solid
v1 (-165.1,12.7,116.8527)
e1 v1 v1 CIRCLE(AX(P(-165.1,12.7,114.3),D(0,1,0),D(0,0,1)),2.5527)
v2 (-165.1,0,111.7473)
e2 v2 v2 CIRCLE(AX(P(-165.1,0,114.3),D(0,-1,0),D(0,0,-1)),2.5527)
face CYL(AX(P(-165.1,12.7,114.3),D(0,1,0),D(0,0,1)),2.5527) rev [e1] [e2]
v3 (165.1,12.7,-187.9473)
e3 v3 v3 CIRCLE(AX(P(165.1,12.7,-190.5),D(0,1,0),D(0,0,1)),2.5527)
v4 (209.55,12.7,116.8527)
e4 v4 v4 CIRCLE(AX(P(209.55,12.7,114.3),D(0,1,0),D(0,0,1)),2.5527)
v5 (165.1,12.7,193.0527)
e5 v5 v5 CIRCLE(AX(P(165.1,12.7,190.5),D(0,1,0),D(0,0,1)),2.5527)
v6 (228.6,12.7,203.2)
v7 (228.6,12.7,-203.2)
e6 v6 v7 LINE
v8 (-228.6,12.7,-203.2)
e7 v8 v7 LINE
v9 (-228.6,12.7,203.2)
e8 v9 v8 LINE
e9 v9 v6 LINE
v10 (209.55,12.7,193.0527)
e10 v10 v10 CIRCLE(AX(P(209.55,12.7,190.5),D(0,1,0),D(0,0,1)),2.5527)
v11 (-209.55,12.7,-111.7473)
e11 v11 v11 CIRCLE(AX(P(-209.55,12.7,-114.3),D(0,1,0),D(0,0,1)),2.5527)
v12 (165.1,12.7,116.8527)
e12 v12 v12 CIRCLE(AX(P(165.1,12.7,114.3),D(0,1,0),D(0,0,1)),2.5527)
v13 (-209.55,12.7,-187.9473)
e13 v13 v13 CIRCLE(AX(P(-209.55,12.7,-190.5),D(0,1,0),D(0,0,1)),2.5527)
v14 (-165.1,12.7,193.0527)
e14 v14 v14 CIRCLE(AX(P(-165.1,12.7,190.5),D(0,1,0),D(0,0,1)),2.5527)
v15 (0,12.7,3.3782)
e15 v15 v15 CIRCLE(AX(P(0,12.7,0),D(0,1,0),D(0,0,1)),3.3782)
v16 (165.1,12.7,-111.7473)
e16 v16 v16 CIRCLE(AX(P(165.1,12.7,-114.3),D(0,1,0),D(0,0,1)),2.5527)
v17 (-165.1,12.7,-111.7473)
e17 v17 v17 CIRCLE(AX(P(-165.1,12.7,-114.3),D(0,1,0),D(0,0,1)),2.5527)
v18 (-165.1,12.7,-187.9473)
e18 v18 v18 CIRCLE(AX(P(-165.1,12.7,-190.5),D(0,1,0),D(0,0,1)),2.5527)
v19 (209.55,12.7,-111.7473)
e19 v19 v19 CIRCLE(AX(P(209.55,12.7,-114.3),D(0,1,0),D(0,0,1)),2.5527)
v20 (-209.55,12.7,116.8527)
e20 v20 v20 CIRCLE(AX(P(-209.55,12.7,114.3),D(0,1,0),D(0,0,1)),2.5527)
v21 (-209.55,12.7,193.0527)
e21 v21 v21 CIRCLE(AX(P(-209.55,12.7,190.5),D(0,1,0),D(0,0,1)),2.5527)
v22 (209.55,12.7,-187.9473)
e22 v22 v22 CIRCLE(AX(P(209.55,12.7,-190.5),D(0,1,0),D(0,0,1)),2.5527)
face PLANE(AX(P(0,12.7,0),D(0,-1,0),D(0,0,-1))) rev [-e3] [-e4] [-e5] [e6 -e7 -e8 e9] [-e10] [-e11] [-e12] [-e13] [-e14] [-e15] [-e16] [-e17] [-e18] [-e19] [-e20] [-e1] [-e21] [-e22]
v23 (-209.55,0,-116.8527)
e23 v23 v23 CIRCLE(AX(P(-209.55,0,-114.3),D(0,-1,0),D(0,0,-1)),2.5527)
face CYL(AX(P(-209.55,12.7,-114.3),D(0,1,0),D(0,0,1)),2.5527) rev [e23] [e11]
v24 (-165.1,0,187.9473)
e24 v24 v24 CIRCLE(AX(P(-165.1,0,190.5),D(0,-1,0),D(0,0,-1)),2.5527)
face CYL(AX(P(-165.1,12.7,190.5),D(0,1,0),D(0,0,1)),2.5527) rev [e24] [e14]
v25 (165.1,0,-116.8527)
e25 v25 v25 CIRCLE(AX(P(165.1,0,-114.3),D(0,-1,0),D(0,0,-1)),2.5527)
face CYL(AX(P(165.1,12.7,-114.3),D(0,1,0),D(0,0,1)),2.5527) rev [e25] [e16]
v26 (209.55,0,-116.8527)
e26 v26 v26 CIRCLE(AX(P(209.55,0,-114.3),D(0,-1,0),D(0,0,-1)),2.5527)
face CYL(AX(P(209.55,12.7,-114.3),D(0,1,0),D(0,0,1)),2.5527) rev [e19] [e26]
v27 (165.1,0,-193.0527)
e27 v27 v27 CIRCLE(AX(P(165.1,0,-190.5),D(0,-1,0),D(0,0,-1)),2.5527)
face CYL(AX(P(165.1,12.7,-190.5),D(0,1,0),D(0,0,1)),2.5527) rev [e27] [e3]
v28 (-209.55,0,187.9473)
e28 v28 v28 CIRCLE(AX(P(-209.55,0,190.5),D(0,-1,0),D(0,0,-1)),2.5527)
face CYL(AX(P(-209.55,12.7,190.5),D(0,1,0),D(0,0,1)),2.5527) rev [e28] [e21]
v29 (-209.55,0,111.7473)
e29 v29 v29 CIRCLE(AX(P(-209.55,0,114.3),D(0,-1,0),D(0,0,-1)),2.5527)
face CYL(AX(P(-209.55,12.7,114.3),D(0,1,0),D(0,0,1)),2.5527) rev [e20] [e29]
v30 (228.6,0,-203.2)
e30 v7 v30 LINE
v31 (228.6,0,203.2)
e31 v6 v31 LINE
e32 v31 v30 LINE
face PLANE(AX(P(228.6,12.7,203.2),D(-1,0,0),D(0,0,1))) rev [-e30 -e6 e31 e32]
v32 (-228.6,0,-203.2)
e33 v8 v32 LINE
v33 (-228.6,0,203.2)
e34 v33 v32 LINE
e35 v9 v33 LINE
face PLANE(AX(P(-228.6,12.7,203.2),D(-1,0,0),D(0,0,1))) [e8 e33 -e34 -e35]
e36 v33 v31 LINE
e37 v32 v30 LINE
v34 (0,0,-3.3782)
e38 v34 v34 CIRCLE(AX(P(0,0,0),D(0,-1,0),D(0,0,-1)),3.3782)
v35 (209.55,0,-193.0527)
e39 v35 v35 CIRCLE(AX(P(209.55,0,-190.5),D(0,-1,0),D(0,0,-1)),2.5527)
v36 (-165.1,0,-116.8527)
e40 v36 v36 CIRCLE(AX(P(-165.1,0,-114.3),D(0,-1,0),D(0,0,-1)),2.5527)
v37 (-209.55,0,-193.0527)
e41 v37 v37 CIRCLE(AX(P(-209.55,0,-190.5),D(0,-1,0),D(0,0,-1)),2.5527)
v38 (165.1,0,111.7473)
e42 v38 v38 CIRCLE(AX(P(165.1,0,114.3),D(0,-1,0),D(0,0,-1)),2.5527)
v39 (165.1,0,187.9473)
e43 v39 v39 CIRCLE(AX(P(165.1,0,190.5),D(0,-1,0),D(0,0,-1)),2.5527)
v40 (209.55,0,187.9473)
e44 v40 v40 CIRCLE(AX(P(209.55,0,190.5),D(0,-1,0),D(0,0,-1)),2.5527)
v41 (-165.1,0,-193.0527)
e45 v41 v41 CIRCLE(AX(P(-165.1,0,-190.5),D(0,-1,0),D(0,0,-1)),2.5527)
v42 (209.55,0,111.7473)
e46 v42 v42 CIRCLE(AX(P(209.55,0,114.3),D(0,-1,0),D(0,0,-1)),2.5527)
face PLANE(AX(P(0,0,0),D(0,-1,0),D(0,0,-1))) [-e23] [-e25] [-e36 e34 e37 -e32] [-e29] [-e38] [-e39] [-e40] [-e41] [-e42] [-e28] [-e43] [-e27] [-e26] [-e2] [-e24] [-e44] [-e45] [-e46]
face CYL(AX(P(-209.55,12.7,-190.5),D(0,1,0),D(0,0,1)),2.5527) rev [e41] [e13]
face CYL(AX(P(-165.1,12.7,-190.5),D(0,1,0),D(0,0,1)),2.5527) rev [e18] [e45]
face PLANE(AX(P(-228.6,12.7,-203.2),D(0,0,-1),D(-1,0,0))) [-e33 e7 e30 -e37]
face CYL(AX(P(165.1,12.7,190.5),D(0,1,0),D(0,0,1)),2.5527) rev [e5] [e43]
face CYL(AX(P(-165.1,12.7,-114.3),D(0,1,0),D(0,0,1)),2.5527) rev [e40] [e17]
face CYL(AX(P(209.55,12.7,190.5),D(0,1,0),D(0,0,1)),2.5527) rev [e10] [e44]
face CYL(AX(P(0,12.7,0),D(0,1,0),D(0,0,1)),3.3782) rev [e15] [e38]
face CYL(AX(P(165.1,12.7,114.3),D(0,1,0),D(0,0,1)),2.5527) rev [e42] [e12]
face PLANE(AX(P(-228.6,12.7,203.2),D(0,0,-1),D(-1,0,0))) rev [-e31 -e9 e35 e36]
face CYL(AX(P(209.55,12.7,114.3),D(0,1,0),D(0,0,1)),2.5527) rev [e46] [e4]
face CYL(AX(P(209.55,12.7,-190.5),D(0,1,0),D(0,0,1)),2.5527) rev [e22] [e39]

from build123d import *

# Parameters (mm, degrees)
SKETCH1_W                        = 457.2
SKETCH1_H                        = 406.4
BOSS_EXTRUDE1_DEPTH              = 12.7
F_1_4_20_TAPPED_HOLE1_AT_2_COUNT = 2
F_1_4_20_TAPPED_HOLE1_AT_2_PITCH = 76.2
F_1_4_20_TAPPED_HOLE1_AT_3_COUNT = 2
F_1_4_20_TAPPED_HOLE1_AT_3_PITCH = 88.217019333
F_1_4_20_TAPPED_HOLE1_AT_4_COUNT = 2
F_1_4_20_TAPPED_HOLE1_AT_4_PITCH = 44.45
F_1_4_CLEARANCE_HOLE1_D          = 6.7564


with BuildPart() as part:
    # Sketch1 → Boss-Extrude1 (new body)
    with BuildSketch(Plane(origin=(0, 0, 0), x_dir=(1, 0, 0), z_dir=(0, 1, 0))):
        Rectangle(SKETCH1_W, SKETCH1_H)
    extrude(amount=BOSS_EXTRUDE1_DEPTH)

    # Sketch4 → 1/4-20 Tapped Hole1 (revolve, cut)
    with BuildSketch(Plane(origin=(-209.55, 12.7, 190.5), x_dir=(0, 0, 1), z_dir=(1, 0, 0))):
        Polygon((0, 0), (0, 18.043816902), (2.5527, 16.51), (2.5527, 0), align=None)
    f_1_4_20_tapped_hole1 = revolve(axis=Axis((-209.55, 19.05, 190.5), (0, -1, 0)), mode=Mode.SUBTRACT)

    # 1/4-20 Tapped Hole1 at 2: 1/4-20 Tapped Hole1 ×2
    with Locations(*[(0, 0, -i * F_1_4_20_TAPPED_HOLE1_AT_2_PITCH) for i in range(1, F_1_4_20_TAPPED_HOLE1_AT_2_COUNT)]):
        add(f_1_4_20_tapped_hole1, mode=Mode.SUBTRACT)

    # 1/4-20 Tapped Hole1 at 3: 1/4-20 Tapped Hole1 ×2
    with Locations(*[Vector(0.5038710255240861, 0, -0.8637789008984336) * (i * F_1_4_20_TAPPED_HOLE1_AT_3_PITCH) for i in range(1, F_1_4_20_TAPPED_HOLE1_AT_3_COUNT)]):
        add(f_1_4_20_tapped_hole1, mode=Mode.SUBTRACT)

    # 1/4-20 Tapped Hole1 at 4: 1/4-20 Tapped Hole1 ×2
    with Locations(*[(i * F_1_4_20_TAPPED_HOLE1_AT_4_PITCH, 0, 0) for i in range(1, F_1_4_20_TAPPED_HOLE1_AT_4_COUNT)]):
        add(f_1_4_20_tapped_hole1, mode=Mode.SUBTRACT)

    # Mirror1: 1/4-20 Tapped Hole1 across plane
    add(f_1_4_20_tapped_hole1.mirror(Plane(origin=(0, 0, 0), x_dir=(0, 0, 1), z_dir=(1, 0, 0))), mode=Mode.SUBTRACT)

    # Mirror1 copy 1 sketch → Mirror1 copy 1 (revolve, cut)
    with BuildSketch(Plane(origin=(209.55, 12.7, 114.3), x_dir=(0, 0, 1), z_dir=(-1, 0, 0))):
        Polygon((0, 0), (0, -18.043816902), (2.5527, -16.51), (2.5527, 0), align=None)
    revolve(axis=Axis((209.55, 19.05, 114.3), (0, 1, 0)), mode=Mode.SUBTRACT)

    # Mirror1 copy 2 sketch → Mirror1 copy 2 (revolve, cut)
    with BuildSketch(Plane(origin=(165.1, 12.7, 114.3), x_dir=(0, 0, 1), z_dir=(-1, 0, 0))):
        Polygon((0, 0), (0, -18.043816902), (2.5527, -16.51), (2.5527, 0), align=None)
    revolve(axis=Axis((165.1, 19.05, 114.3), (0, 1, 0)), mode=Mode.SUBTRACT)

    # Mirror1 copy 3 sketch → Mirror1 copy 3 (revolve, cut)
    with BuildSketch(Plane(origin=(165.1, 12.7, 190.5), x_dir=(0, 0, 1), z_dir=(-1, 0, 0))):
        Polygon((0, 0), (0, -18.043816902), (2.5527, -16.51), (2.5527, 0), align=None)
    revolve(axis=Axis((165.1, 19.05, 190.5), (0, 1, 0)), mode=Mode.SUBTRACT)

    # Mirror2: 1/4-20 Tapped Hole1 across plane
    add(f_1_4_20_tapped_hole1.mirror(Plane.XY), mode=Mode.SUBTRACT)

    # Mirror2 copy 1 sketch → Mirror2 copy 1 (revolve, cut)
    with BuildSketch(Plane(origin=(-209.55, 12.7, -114.3), x_dir=(0, 0, -1), z_dir=(1, 0, 0))):
        Polygon((0, 0), (0, -18.043816902), (2.5527, -16.51), (2.5527, 0), align=None)
    revolve(axis=Axis((-209.55, 19.05, -114.3), (0, 1, 0)), mode=Mode.SUBTRACT)

    # Mirror2 copy 2 sketch → Mirror2 copy 2 (revolve, cut)
    with BuildSketch(Plane(origin=(-165.1, 12.7, -114.3), x_dir=(0, 0, -1), z_dir=(1, 0, 0))):
        Polygon((0, 0), (0, -18.043816902), (2.5527, -16.51), (2.5527, 0), align=None)
    revolve(axis=Axis((-165.1, 19.05, -114.3), (0, 1, 0)), mode=Mode.SUBTRACT)

    # Mirror2 copy 3 sketch → Mirror2 copy 3 (revolve, cut)
    with BuildSketch(Plane(origin=(-165.1, 12.7, -190.5), x_dir=(0, 0, -1), z_dir=(1, 0, 0))):
        Polygon((0, 0), (0, -18.043816902), (2.5527, -16.51), (2.5527, 0), align=None)
    revolve(axis=Axis((-165.1, 19.05, -190.5), (0, 1, 0)), mode=Mode.SUBTRACT)

    # Mirror2 copy 4 sketch → Mirror2 copy 4 (revolve, cut)
    with BuildSketch(Plane(origin=(209.55, 12.7, -190.5), x_dir=(0, 0, -1), z_dir=(-1, 0, 0))):
        Polygon((0, 0), (0, 18.043816902), (2.5527, 16.51), (2.5527, 0), align=None)
    revolve(axis=Axis((209.55, 19.05, -190.5), (0, -1, 0)), mode=Mode.SUBTRACT)

    # Mirror2 copy 5 sketch → Mirror2 copy 5 (revolve, cut)
    with BuildSketch(Plane(origin=(209.55, 12.7, -114.3), x_dir=(0, 0, -1), z_dir=(-1, 0, 0))):
        Polygon((0, 0), (0, 18.043816902), (2.5527, 16.51), (2.5527, 0), align=None)
    revolve(axis=Axis((209.55, 19.05, -114.3), (0, -1, 0)), mode=Mode.SUBTRACT)

    # Mirror2 copy 6 sketch → Mirror2 copy 6 (revolve, cut)
    with BuildSketch(Plane(origin=(165.1, 12.7, -114.3), x_dir=(0, 0, -1), z_dir=(-1, 0, 0))):
        Polygon((0, 0), (0, 18.043816902), (2.5527, 16.51), (2.5527, 0), align=None)
    revolve(axis=Axis((165.1, 19.05, -114.3), (0, -1, 0)), mode=Mode.SUBTRACT)

    # Mirror2 copy 7 sketch → Mirror2 copy 7 (revolve, cut)
    with BuildSketch(Plane(origin=(165.1, 12.7, -190.5), x_dir=(0, 0, -1), z_dir=(-1, 0, 0))):
        Polygon((0, 0), (0, 18.043816902), (2.5527, 16.51), (2.5527, 0), align=None)
    revolve(axis=Axis((165.1, 19.05, -190.5), (0, -1, 0)), mode=Mode.SUBTRACT)

    # 1/4 Clearance Hole1 (through all)
    with Locations(Plane(origin=(0, 12.7, 0), x_dir=(1, 0, 0), z_dir=(0, 1, 0))):
        with Locations((0, 0)):
            Hole(F_1_4_CLEARANCE_HOLE1_D / 2)


solid = part.part
